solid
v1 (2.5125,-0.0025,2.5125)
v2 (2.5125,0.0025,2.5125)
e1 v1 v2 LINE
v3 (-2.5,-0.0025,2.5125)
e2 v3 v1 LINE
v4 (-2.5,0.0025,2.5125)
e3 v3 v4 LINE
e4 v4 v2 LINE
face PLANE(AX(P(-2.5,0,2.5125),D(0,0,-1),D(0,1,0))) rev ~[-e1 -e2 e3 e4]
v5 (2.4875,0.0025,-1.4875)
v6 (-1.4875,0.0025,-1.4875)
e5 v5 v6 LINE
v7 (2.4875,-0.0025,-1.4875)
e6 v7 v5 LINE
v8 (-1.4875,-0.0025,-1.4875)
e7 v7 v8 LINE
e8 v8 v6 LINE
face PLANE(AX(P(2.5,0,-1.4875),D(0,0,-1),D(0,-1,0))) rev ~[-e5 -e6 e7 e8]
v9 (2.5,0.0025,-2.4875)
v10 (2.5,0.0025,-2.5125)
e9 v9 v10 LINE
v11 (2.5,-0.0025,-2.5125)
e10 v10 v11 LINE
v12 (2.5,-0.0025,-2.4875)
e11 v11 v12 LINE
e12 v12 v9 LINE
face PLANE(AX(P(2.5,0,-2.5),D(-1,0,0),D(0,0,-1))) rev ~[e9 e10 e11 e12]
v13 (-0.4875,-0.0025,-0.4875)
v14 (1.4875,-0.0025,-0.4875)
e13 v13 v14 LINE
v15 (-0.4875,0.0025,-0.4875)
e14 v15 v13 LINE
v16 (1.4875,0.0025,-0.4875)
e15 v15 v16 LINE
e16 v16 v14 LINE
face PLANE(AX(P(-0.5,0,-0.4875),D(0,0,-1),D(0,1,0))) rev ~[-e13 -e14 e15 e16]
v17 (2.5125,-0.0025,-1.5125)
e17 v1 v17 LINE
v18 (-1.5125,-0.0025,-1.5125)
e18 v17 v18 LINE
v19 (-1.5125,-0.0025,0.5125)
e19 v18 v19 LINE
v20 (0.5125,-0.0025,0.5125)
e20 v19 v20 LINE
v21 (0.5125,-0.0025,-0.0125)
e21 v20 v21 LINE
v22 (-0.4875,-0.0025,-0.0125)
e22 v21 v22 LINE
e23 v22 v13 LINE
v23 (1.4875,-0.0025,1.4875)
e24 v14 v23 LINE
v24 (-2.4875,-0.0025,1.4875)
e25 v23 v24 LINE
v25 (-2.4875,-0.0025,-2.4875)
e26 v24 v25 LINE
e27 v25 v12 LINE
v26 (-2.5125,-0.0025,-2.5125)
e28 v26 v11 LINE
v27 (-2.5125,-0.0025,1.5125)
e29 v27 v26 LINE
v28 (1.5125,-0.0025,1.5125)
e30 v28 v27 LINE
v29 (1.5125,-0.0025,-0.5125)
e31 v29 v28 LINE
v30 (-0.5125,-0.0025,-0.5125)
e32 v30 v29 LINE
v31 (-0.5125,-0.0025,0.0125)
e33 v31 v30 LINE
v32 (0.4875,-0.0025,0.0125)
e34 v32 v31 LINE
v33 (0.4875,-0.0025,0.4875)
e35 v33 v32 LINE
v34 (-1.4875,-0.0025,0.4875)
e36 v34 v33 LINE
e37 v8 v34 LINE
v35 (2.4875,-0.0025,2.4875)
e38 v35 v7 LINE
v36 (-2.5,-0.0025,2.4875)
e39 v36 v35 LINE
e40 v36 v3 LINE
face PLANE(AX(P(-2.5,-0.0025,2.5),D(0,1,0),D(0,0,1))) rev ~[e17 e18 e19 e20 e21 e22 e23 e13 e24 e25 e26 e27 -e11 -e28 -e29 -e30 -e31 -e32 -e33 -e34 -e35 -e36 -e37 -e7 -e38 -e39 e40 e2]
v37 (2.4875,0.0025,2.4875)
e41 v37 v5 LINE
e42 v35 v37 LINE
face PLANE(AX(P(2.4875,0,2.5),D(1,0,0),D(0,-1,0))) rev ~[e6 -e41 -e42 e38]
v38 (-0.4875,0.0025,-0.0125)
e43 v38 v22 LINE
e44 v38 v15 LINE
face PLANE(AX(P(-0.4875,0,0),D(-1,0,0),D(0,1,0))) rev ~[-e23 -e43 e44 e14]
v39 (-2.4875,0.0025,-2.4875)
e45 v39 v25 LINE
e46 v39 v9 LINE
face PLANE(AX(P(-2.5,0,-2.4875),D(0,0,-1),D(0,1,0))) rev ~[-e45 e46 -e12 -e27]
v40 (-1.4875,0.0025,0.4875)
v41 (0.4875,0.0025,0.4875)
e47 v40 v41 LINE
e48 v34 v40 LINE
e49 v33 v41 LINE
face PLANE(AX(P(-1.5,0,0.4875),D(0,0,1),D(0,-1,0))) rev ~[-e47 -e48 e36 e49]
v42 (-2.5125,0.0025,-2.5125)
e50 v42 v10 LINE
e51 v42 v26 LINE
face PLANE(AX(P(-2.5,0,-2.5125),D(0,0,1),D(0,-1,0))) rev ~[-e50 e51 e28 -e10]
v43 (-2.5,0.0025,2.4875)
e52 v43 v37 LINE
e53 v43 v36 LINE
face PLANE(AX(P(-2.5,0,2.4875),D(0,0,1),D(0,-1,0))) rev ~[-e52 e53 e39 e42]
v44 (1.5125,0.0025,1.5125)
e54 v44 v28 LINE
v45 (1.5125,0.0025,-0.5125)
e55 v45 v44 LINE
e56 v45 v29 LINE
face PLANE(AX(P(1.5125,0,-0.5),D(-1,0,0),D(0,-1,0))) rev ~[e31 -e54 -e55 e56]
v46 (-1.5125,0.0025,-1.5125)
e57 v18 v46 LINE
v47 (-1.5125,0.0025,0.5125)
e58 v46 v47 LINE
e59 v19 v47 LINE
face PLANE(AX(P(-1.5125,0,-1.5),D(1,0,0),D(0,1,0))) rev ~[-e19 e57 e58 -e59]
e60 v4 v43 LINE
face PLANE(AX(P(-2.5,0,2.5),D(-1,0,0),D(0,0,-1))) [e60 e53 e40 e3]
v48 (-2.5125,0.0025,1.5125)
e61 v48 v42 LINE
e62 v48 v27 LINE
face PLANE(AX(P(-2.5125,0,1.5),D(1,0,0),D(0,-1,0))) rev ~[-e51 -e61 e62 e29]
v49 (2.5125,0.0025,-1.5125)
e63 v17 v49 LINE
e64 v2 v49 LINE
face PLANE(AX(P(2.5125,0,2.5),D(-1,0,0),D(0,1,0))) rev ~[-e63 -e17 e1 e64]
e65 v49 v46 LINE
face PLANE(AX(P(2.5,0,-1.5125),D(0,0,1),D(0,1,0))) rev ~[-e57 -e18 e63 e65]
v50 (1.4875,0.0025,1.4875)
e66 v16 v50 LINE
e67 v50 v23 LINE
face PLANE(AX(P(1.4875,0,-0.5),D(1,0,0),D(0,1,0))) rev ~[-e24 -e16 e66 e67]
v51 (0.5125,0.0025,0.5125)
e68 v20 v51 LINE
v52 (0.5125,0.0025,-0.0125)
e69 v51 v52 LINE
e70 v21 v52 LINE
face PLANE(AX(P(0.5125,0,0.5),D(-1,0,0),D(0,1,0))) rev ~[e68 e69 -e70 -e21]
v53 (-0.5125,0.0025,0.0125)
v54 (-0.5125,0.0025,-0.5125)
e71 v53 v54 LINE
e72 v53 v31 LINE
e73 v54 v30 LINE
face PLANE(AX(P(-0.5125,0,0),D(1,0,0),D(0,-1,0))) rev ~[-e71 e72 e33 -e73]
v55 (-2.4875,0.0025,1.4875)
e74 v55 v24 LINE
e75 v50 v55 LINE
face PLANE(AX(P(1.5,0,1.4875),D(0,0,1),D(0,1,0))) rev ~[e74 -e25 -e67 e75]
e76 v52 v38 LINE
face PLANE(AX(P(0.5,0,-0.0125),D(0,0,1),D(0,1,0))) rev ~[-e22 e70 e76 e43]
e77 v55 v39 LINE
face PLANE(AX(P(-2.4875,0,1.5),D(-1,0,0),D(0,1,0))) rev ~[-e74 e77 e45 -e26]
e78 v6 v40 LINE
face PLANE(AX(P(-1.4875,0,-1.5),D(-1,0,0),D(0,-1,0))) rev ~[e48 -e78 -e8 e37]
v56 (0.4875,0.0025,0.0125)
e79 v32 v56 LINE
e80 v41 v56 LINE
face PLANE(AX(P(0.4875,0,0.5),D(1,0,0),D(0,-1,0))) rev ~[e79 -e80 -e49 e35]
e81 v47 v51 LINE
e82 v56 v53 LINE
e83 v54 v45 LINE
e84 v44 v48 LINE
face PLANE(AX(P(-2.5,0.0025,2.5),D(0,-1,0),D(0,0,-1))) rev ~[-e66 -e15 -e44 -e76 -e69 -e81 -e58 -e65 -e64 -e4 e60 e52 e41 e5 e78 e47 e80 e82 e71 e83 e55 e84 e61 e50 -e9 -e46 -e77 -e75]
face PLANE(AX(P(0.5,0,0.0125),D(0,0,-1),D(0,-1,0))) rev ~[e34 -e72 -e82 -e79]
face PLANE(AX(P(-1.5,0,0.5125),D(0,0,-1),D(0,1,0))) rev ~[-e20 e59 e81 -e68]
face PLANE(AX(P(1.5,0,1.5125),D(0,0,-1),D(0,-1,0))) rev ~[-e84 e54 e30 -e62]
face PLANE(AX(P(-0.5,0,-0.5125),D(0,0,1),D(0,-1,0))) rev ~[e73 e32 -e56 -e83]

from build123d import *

# Parameters (mm, degrees)
SKETCH3_W = 0.025
SKETCH3_H = 0.005


with BuildPart() as part:
    # Sweep1: sweep along a path in Sketch2
    with BuildLine(Plane(origin=(0, 0, 0), x_dir=(1, 0, 0), z_dir=(0, 1, 0))) as sweep1_path:
        Line((-2.5, -2.5), (2.5, -2.5))
        Line((2.5, -2.5), (2.5, 1.5))
        Line((2.5, 1.5), (1.5, 1.5))
        Line((1.5, 1.5), (-1.5, 1.5))
        Line((-1.5, 1.5), (-1.5, -0.5))
        Line((-1.5, -0.5), (-0.5, -0.5))
        Line((-0.5, -0.5), (0.5, -0.5))
        Line((0.5, -0.5), (0.5, 0))
        Line((0.5, 0), (-0.5, 0))
        Line((-0.5, 0), (-0.5, 0.5))
        Line((-0.5, 0.5), (0.5, 0.5))
        Line((0.5, 0.5), (1.5, 0.5))
        Line((1.5, 0.5), (1.5, -1.5))
        Line((1.5, -1.5), (-1.5, -1.5))
        Line((-1.5, -1.5), (-2.5, -1.5))
        Line((-2.5, -1.5), (-2.5, 2.5))
        Line((-2.5, 2.5), (2.5, 2.5))
    # Sketch3 → Sweep1 (sweep)
    with BuildSketch(Plane(origin=(0, 0, 0), x_dir=(0, 0, -1), z_dir=(1, 0, 0))):
        Rectangle(SKETCH3_W, SKETCH3_H)
    sweep(path=sweep1_path.line, transition=Transition.RIGHT)


solid = part.part
